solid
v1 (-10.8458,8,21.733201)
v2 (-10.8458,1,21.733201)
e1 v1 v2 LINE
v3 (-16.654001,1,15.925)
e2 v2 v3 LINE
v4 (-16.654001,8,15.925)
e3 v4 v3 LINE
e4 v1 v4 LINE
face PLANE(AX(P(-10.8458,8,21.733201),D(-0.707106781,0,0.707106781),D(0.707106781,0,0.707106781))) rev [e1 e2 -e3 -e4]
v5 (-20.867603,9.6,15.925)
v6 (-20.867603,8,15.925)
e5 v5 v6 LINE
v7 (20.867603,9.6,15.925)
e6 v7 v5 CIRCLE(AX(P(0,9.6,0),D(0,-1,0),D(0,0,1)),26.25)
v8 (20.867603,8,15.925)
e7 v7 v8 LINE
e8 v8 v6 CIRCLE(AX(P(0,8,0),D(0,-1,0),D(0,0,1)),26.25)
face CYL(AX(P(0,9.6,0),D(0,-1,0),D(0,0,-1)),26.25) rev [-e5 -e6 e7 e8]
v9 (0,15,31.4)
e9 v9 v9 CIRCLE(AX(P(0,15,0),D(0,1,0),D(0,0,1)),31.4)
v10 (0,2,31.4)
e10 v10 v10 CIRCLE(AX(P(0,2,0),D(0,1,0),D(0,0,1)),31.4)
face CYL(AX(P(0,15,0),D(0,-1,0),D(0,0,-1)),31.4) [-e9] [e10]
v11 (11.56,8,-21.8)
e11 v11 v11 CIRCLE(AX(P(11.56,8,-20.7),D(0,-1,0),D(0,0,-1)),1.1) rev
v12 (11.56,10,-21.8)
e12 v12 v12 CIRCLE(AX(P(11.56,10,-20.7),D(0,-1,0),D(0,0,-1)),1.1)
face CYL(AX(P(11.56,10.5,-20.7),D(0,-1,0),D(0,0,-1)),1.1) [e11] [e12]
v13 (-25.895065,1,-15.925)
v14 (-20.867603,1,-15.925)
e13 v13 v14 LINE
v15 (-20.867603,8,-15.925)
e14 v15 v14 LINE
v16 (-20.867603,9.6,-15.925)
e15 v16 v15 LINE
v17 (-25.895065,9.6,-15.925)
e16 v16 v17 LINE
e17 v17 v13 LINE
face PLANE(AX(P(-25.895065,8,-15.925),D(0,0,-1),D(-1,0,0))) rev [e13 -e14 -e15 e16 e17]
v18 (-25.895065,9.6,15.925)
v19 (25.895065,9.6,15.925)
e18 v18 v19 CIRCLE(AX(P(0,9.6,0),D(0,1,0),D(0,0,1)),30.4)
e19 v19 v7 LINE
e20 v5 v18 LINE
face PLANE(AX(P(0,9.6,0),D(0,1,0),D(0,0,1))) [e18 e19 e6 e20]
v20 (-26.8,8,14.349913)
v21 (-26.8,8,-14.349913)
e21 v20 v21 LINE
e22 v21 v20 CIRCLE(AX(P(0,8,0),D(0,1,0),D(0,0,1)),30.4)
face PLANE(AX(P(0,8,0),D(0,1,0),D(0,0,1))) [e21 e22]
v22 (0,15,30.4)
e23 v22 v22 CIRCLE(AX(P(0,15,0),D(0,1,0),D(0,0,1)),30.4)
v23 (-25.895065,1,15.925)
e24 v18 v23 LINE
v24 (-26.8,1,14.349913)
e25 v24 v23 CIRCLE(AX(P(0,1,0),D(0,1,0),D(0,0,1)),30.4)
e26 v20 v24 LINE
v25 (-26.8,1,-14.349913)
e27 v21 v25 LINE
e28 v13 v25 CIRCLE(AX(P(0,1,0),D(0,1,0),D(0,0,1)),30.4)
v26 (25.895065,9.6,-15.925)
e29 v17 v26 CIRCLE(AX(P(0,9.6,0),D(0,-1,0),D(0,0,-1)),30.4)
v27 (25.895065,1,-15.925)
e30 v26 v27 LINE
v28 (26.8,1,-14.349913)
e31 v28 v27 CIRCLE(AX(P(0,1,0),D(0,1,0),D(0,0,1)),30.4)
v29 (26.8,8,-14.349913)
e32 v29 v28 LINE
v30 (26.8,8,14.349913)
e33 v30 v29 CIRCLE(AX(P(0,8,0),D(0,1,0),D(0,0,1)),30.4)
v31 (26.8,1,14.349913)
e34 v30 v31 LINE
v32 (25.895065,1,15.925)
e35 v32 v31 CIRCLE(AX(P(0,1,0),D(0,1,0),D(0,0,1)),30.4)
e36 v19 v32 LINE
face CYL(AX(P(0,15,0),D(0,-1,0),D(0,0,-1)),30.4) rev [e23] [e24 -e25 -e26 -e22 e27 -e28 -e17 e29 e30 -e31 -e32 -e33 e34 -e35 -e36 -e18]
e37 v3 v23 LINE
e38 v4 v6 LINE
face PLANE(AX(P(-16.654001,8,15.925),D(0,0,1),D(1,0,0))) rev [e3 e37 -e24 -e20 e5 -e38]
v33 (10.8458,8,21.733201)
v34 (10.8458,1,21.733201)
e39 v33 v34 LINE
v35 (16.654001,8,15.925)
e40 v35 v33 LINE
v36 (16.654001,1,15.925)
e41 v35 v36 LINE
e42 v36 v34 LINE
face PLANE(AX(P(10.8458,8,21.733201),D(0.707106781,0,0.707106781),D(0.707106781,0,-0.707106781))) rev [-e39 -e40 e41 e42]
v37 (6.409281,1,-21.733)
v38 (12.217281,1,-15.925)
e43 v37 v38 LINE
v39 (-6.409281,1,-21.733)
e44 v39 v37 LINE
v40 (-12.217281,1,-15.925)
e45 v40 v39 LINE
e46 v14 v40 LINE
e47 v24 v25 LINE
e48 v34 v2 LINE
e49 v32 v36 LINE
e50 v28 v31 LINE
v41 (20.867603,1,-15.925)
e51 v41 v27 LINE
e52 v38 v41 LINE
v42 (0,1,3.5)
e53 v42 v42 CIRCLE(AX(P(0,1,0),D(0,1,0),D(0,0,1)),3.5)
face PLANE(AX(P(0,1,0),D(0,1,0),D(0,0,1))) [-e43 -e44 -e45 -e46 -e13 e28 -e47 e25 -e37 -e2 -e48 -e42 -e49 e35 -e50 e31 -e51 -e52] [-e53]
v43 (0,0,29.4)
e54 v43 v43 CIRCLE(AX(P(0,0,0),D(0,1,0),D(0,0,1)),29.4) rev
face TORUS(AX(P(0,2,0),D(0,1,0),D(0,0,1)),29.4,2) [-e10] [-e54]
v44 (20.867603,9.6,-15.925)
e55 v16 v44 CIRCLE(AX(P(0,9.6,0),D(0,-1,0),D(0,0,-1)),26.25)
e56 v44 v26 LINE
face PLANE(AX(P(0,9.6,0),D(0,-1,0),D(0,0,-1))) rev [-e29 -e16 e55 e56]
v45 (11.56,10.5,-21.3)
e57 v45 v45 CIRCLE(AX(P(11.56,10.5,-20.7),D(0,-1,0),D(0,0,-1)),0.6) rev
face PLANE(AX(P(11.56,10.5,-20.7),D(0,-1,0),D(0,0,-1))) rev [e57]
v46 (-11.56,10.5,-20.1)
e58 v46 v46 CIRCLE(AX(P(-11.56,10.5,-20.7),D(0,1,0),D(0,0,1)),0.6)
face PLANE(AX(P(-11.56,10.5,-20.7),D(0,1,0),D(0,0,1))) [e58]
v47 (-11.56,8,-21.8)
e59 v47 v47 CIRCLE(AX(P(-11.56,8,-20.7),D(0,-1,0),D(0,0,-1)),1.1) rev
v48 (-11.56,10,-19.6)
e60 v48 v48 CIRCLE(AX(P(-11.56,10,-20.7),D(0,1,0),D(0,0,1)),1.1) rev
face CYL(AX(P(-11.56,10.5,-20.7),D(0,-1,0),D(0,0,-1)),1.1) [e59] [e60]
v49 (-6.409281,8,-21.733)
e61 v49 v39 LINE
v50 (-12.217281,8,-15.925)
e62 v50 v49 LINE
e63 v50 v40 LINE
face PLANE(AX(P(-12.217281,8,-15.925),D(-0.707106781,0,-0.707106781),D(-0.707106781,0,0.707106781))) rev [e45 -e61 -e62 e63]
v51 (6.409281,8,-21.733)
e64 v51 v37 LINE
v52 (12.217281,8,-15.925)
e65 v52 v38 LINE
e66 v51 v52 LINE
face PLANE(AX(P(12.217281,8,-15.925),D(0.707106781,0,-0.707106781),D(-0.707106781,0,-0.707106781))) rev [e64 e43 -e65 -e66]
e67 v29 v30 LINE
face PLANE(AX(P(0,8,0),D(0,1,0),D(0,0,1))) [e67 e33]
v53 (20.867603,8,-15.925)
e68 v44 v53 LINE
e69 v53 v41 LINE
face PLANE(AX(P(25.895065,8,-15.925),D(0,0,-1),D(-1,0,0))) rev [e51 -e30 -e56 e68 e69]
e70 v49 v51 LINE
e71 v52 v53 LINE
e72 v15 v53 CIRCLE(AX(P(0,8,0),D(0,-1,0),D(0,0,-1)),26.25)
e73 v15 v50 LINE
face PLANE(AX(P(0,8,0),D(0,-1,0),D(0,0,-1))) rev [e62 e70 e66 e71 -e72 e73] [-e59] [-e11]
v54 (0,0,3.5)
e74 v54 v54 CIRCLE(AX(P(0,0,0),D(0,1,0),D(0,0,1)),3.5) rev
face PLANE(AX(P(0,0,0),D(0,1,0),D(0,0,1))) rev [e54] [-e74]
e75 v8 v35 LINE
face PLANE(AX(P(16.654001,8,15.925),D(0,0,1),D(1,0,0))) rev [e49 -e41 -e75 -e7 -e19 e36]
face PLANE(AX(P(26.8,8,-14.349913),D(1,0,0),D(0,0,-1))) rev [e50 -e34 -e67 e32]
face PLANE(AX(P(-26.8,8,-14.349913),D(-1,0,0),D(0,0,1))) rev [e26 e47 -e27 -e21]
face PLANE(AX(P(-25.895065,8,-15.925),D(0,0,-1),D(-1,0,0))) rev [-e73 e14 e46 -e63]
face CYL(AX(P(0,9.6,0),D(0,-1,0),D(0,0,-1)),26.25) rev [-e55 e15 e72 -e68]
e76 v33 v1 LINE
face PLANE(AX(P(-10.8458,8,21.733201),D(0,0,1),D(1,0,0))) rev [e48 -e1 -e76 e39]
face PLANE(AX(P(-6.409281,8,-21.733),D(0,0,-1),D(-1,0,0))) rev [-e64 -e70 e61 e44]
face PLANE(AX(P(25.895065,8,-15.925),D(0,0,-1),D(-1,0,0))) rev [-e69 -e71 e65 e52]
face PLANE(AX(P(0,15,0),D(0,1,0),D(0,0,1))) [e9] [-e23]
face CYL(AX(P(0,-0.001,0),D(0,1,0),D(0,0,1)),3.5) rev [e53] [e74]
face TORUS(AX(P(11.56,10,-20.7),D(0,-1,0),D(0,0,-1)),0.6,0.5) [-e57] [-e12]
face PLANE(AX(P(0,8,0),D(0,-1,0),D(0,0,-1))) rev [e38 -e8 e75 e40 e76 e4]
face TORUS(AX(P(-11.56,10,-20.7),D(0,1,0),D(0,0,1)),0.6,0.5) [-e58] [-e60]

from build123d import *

# Parameters (mm, degrees)
SKETCH1_R           = 31.4
MAIN_CYLINDER_DEPTH = 15
INNER_SHELL_T       = -1
OUTER_BOTTOM_EDGE_R = 2
BOTTOM_HOLE_REACH   = 48.561
SKETCH10_R          = 3.5
MOUNTS_DEPTH        = 7
HOLDER_NORTH_DEPTH  = 1.6
HOLDER_SOUTH_DEPTH  = 1.6
SKETCH17_R          = 1.1
BOSS_EXTRUDE7_DEPTH = 2.5
FILLET1_R           = 0.5


with BuildPart() as part:
    # Sketch1 → Main Cylinder (new body)
    with BuildSketch(Plane(origin=(0, 0, 0), x_dir=(1, 0, 0), z_dir=(0, 1, 0))):
        with Locations(Location((0, 0, 0), (0, 0, 270))):
            Circle(SKETCH1_R)
    extrude(amount=MAIN_CYLINDER_DEPTH)

    # Inner shell
    inner_shell_openings = [part.faces().sort_by_distance(p)[0] for p in [
        (0, 15, 0),
    ]]
    offset(amount=INNER_SHELL_T, openings=inner_shell_openings, kind=Kind.INTERSECTION)

    # Outer bottom edge
    outer_bottom_edge_edges = [part.edges().sort_by_distance(p)[0] for p in [
        (0, 0, -31.4),
    ]]
    fillet(outer_bottom_edge_edges, radius=OUTER_BOTTOM_EDGE_R)

    # Sketch10 → Bottom hole (cut, up to next)
    with BuildSketch(Plane(origin=(0, 1, 0), x_dir=(-1, 0, 0), z_dir=(0, 1, 0)), mode=Mode.PRIVATE) as bottom_hole_sk1:
        with Locations(Location((0, 0, 0), (0, 0, 90))):
            Circle(SKETCH10_R)
    bottom_hole_tool1 = extrude(bottom_hole_sk1.sketch, amount=-BOTTOM_HOLE_REACH, mode=Mode.PRIVATE) & part.part
    add(bottom_hole_tool1.solids().sort_by_distance((0, 1, 0))[0], mode=Mode.SUBTRACT)

    # Sketch12 → Mounts (add)
    with BuildSketch(Plane(origin=(0, 1, 0), x_dir=(1, 0, 0), z_dir=(0, 1, 0))):
        with BuildLine():
            Line((-25.895064684, 15.925), (-12.217281253, 15.925))
            Line((-12.217281253, 15.925), (-6.409281253, 21.733))
            Line((-6.409281253, 21.733), (6.409281253, 21.733))
            Line((6.409281253, 21.733), (12.217281253, 15.925))
            Line((12.217281253, 15.925), (25.895064684, 15.925))
            ThreePointArc((25.895064684, 15.925), (0, 30.4), (-25.895064684, 15.925))
        make_face()
        with BuildLine():
            Line((-10.8458, -21.733200692), (-16.654000692, -15.925))
            Line((-16.654000692, -15.925), (-25.895064684, -15.925))
            ThreePointArc((-25.895064684, -15.925), (0, -30.4), (25.895064684, -15.925))
            Line((25.895064684, -15.925), (16.654000692, -15.925))
            Line((16.654000692, -15.925), (10.8458, -21.733200692))
            Line((10.8458, -21.733200692), (-10.8458, -21.733200692))
        make_face()
        with BuildLine():
            Line((26.8, 14.349912892), (26.8, -14.349912892))
            ThreePointArc((26.8, -14.349912892), (30.4, 0), (26.8, 14.349912892))
        make_face()
        with BuildLine():
            Line((-26.8, 14.349912892), (-26.8, -14.349912892))
            ThreePointArc((-26.8, -14.349912892), (-30.4, 0), (-26.8, 14.349912892))
        make_face()
    extrude(amount=MOUNTS_DEPTH)

    # Sketch14 → Holder (North) (add)
    with BuildSketch(Plane(origin=(0, 8, 0), x_dir=(1, 0, 0), z_dir=(0, 1, 0))):
        with BuildLine():
            Line((-20.86760348, 15.925), (-25.895064684, 15.925))
            ThreePointArc((-25.895064684, 15.925), (0, 30.4), (25.895064684, 15.925))
            Line((25.895064684, 15.925), (20.86760348, 15.925))
            ThreePointArc((20.86760348, 15.925), (0, 26.25), (-20.86760348, 15.925))
        make_face()
    extrude(amount=HOLDER_NORTH_DEPTH)

    # Sketch15 → Holder (South) (add)
    with BuildSketch(Plane(origin=(0, 8, 0), x_dir=(1, 0, 0), z_dir=(0, 1, 0))):
        with BuildLine():
            Line((-20.86760348, -15.925), (-25.895064684, -15.925))
            ThreePointArc((-25.895064684, -15.925), (0, -30.4), (25.895064684, -15.925))
            Line((25.895064684, -15.925), (20.86760348, -15.925))
            ThreePointArc((20.86760348, -15.925), (0, -26.25), (-20.86760348, -15.925))
        make_face()
    extrude(amount=HOLDER_SOUTH_DEPTH)

    # Sketch17 → Boss-Extrude7 (add)
    with BuildSketch(Plane(origin=(0, 8, 0), x_dir=(1, 0, 0), z_dir=(0, 1, 0))):
        with Locations(Location((-11.56, 20.7, 0), (0, 0, 90))):
            Circle(SKETCH17_R)
        with Locations(Location((11.56, 20.7, 0), (0, 0, 90))):
            Circle(SKETCH17_R)
    extrude(amount=BOSS_EXTRUDE7_DEPTH)

    # Fillet1
    fillet1_edges = [part.edges().sort_by_distance(p)[0] for p in [
        (11.56, 10.5, -19.6),
        (-11.56, 10.5, -19.6),
    ]]
    fillet(fillet1_edges, radius=FILLET1_R)


solid = part.part
